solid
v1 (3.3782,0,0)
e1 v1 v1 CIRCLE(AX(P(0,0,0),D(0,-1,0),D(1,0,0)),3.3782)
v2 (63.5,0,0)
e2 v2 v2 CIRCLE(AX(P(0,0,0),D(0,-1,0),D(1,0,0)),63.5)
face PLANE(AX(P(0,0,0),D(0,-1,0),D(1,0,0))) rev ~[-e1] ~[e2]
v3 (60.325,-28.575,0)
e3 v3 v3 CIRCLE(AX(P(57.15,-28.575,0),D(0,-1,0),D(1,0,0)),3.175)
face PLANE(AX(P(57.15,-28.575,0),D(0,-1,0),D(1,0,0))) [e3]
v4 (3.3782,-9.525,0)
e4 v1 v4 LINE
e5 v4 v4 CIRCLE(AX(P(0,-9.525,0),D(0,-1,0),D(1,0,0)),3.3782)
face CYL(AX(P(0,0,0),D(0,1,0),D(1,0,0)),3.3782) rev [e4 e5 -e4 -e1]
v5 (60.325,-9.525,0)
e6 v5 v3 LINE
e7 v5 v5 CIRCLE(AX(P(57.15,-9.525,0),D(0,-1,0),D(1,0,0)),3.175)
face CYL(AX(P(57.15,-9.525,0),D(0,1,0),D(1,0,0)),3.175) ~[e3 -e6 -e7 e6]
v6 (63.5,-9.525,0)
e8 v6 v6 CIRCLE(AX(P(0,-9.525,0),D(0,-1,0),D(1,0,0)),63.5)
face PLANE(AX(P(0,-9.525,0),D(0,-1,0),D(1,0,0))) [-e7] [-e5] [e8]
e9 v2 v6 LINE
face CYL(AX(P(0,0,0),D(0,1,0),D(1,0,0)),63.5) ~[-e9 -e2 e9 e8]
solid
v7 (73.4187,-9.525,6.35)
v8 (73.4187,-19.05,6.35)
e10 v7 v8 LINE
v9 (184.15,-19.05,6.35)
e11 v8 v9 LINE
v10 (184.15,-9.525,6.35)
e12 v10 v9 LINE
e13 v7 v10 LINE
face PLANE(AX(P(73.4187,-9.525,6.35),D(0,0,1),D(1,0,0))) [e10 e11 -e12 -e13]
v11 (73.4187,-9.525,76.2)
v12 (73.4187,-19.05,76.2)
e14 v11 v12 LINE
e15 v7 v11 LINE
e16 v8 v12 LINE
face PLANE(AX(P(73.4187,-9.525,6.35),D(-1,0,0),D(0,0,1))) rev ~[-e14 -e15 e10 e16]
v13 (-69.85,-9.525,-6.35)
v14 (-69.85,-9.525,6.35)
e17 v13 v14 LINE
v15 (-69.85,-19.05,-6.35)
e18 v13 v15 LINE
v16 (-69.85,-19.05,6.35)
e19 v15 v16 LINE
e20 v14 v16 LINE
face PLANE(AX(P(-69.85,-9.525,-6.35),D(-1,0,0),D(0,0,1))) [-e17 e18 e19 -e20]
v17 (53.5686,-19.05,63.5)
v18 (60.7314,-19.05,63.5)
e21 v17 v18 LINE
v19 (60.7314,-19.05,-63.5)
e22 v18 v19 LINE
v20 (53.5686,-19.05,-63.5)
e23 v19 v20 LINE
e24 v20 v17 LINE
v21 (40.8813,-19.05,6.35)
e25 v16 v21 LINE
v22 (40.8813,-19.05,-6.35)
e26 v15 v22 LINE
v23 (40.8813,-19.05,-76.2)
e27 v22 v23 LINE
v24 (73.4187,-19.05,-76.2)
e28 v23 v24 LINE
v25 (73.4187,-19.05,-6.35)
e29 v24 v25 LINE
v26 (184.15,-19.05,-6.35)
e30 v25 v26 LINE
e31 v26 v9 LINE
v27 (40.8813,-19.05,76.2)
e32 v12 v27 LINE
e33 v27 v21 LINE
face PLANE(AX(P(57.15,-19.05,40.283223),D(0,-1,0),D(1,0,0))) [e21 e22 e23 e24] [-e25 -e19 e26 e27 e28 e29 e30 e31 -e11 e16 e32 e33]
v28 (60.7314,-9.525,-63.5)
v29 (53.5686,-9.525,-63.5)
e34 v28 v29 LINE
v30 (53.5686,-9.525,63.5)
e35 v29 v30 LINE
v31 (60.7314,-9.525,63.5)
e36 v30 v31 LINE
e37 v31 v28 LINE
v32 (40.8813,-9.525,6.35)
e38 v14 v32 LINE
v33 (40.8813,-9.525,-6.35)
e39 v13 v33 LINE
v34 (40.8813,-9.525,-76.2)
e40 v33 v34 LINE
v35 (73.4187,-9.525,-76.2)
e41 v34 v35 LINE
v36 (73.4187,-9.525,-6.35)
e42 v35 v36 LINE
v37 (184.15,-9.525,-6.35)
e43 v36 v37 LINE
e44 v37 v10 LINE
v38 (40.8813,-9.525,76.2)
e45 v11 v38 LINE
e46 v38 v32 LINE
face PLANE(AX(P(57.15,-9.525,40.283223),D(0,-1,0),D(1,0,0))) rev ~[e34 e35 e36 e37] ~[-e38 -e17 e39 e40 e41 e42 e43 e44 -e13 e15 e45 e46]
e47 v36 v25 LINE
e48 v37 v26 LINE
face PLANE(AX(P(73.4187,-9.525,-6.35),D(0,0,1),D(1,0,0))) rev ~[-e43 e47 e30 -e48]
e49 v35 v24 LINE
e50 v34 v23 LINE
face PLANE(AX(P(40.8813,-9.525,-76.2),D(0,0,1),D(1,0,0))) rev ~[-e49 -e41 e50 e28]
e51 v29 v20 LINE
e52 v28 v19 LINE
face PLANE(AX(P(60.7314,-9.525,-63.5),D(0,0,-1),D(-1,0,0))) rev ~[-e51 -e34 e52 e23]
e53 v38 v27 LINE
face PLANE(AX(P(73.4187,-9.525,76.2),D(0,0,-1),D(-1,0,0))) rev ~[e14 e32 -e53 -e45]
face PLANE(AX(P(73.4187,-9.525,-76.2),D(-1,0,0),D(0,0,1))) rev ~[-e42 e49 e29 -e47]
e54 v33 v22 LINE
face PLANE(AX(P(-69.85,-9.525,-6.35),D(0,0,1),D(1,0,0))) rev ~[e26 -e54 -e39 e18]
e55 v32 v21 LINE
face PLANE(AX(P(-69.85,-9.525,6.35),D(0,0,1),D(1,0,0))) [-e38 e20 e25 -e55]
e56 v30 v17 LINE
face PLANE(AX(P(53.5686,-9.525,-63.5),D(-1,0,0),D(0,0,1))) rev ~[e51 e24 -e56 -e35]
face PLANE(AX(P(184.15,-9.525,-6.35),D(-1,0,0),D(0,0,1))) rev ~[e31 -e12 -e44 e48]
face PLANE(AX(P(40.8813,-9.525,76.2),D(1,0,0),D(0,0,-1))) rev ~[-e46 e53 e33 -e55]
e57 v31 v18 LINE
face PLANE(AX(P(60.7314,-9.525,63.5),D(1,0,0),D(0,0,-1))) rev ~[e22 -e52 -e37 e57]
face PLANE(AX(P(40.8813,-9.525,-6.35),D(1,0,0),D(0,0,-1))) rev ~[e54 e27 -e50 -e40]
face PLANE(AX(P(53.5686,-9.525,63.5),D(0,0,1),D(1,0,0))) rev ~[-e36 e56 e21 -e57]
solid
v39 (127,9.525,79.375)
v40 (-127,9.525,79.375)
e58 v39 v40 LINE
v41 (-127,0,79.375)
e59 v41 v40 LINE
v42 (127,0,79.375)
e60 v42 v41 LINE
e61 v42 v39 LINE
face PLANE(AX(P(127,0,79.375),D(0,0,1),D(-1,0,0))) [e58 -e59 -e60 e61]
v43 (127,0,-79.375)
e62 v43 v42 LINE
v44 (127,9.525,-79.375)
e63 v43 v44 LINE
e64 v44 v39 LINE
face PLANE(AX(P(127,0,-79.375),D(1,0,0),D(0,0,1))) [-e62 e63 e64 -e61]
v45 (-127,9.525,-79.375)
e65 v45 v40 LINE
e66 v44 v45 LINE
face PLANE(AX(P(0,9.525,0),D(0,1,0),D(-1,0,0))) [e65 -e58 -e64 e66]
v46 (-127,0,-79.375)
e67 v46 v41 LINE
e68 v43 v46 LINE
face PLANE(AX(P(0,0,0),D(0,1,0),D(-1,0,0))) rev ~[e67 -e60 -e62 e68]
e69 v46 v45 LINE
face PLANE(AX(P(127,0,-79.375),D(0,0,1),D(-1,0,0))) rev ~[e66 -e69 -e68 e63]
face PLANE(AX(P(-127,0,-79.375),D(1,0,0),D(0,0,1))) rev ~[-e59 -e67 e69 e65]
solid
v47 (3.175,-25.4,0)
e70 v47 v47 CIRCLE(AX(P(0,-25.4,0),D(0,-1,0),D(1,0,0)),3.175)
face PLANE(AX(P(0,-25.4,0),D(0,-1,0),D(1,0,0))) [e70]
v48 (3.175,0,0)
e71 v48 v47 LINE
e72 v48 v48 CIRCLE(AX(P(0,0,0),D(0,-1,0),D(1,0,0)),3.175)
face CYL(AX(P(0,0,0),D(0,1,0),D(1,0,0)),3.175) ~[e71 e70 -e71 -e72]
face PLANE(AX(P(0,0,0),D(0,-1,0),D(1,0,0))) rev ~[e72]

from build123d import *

# Parameters (mm, degrees)
F1_R     = 63.5
F1_R_2   = 3.3782
F2_DEPTH = 9.525
F3_R     = 3.175
F4_DEPTH = 19.05
F3_W     = 12.6873
F3_H     = 12.7
F3_W_2   = 110.7313
F5_DEPTH = 9.525
F6_W     = 254
F6_H     = 158.75
F6_R     = 63.5
F6_R_2   = 3.3782
F7_DEPTH = 9.525
F8_R     = 3.175
F9_DEPTH = 25.4


with BuildPart() as f2:
    # F1 (on Front) → F2 (new body)
    with BuildSketch(Plane.XZ):
        Circle(F1_R)
        Circle(F1_R_2, mode=Mode.SUBTRACT)
    extrude(amount=F2_DEPTH)

    # F3 (on face) → F4 (join)
    with BuildSketch(Plane.XZ.offset(9.525)):
        with Locations((57.15, 0)):
            Circle(F3_R)
    extrude(amount=F4_DEPTH)


with BuildPart() as f5:
    # F3 (on face) → F5 (new body)
    with BuildSketch(Plane.XZ.offset(9.525)):
        Polygon((53.5686, 6.35), (53.5686, 63.5), (60.7314, 63.5), (60.7314, 6.35), (73.4187, 6.35), (73.4187, 76.2), (40.8813, 76.2), (40.8813, 6.35), align=None)
        with Locations((47.22495, 0)):
            Rectangle(F3_W, F3_H)
        with Locations((67.07505, 0)):
            Rectangle(F3_W, F3_H)
        Polygon((53.5686, -63.5), (53.5686, -6.35), (40.8813, -6.35), (40.8813, -76.2), (73.4187, -76.2), (73.4187, -6.35), (60.7314, -6.35), (60.7314, -63.5), align=None)
        with Locations((-14.48435, 0)):
            Rectangle(F3_W_2, F3_H)
        with Locations((128.78435, 0)):
            Rectangle(F3_W_2, F3_H)
    extrude(amount=F5_DEPTH)


with BuildPart() as f7:
    # F6 (on face) → F7 (new body)
    with BuildSketch(Plane(origin=(0, 0, 0), x_dir=(-1, 0, 0), z_dir=(0, 1, 0))):
        Rectangle(F6_W, F6_H)
        Circle(F6_R, mode=Mode.SUBTRACT)
        Circle(F6_R)
        Circle(F6_R_2, mode=Mode.SUBTRACT)
        Circle(F6_R_2)
    extrude(amount=F7_DEPTH)


with BuildPart() as f9:
    # F8 (on face) → F9 (new body)
    with BuildSketch(Plane.XZ):
        Circle(F8_R)
    extrude(amount=F9_DEPTH)


solid = Compound([f2.part, f5.part, f7.part, f9.part])
